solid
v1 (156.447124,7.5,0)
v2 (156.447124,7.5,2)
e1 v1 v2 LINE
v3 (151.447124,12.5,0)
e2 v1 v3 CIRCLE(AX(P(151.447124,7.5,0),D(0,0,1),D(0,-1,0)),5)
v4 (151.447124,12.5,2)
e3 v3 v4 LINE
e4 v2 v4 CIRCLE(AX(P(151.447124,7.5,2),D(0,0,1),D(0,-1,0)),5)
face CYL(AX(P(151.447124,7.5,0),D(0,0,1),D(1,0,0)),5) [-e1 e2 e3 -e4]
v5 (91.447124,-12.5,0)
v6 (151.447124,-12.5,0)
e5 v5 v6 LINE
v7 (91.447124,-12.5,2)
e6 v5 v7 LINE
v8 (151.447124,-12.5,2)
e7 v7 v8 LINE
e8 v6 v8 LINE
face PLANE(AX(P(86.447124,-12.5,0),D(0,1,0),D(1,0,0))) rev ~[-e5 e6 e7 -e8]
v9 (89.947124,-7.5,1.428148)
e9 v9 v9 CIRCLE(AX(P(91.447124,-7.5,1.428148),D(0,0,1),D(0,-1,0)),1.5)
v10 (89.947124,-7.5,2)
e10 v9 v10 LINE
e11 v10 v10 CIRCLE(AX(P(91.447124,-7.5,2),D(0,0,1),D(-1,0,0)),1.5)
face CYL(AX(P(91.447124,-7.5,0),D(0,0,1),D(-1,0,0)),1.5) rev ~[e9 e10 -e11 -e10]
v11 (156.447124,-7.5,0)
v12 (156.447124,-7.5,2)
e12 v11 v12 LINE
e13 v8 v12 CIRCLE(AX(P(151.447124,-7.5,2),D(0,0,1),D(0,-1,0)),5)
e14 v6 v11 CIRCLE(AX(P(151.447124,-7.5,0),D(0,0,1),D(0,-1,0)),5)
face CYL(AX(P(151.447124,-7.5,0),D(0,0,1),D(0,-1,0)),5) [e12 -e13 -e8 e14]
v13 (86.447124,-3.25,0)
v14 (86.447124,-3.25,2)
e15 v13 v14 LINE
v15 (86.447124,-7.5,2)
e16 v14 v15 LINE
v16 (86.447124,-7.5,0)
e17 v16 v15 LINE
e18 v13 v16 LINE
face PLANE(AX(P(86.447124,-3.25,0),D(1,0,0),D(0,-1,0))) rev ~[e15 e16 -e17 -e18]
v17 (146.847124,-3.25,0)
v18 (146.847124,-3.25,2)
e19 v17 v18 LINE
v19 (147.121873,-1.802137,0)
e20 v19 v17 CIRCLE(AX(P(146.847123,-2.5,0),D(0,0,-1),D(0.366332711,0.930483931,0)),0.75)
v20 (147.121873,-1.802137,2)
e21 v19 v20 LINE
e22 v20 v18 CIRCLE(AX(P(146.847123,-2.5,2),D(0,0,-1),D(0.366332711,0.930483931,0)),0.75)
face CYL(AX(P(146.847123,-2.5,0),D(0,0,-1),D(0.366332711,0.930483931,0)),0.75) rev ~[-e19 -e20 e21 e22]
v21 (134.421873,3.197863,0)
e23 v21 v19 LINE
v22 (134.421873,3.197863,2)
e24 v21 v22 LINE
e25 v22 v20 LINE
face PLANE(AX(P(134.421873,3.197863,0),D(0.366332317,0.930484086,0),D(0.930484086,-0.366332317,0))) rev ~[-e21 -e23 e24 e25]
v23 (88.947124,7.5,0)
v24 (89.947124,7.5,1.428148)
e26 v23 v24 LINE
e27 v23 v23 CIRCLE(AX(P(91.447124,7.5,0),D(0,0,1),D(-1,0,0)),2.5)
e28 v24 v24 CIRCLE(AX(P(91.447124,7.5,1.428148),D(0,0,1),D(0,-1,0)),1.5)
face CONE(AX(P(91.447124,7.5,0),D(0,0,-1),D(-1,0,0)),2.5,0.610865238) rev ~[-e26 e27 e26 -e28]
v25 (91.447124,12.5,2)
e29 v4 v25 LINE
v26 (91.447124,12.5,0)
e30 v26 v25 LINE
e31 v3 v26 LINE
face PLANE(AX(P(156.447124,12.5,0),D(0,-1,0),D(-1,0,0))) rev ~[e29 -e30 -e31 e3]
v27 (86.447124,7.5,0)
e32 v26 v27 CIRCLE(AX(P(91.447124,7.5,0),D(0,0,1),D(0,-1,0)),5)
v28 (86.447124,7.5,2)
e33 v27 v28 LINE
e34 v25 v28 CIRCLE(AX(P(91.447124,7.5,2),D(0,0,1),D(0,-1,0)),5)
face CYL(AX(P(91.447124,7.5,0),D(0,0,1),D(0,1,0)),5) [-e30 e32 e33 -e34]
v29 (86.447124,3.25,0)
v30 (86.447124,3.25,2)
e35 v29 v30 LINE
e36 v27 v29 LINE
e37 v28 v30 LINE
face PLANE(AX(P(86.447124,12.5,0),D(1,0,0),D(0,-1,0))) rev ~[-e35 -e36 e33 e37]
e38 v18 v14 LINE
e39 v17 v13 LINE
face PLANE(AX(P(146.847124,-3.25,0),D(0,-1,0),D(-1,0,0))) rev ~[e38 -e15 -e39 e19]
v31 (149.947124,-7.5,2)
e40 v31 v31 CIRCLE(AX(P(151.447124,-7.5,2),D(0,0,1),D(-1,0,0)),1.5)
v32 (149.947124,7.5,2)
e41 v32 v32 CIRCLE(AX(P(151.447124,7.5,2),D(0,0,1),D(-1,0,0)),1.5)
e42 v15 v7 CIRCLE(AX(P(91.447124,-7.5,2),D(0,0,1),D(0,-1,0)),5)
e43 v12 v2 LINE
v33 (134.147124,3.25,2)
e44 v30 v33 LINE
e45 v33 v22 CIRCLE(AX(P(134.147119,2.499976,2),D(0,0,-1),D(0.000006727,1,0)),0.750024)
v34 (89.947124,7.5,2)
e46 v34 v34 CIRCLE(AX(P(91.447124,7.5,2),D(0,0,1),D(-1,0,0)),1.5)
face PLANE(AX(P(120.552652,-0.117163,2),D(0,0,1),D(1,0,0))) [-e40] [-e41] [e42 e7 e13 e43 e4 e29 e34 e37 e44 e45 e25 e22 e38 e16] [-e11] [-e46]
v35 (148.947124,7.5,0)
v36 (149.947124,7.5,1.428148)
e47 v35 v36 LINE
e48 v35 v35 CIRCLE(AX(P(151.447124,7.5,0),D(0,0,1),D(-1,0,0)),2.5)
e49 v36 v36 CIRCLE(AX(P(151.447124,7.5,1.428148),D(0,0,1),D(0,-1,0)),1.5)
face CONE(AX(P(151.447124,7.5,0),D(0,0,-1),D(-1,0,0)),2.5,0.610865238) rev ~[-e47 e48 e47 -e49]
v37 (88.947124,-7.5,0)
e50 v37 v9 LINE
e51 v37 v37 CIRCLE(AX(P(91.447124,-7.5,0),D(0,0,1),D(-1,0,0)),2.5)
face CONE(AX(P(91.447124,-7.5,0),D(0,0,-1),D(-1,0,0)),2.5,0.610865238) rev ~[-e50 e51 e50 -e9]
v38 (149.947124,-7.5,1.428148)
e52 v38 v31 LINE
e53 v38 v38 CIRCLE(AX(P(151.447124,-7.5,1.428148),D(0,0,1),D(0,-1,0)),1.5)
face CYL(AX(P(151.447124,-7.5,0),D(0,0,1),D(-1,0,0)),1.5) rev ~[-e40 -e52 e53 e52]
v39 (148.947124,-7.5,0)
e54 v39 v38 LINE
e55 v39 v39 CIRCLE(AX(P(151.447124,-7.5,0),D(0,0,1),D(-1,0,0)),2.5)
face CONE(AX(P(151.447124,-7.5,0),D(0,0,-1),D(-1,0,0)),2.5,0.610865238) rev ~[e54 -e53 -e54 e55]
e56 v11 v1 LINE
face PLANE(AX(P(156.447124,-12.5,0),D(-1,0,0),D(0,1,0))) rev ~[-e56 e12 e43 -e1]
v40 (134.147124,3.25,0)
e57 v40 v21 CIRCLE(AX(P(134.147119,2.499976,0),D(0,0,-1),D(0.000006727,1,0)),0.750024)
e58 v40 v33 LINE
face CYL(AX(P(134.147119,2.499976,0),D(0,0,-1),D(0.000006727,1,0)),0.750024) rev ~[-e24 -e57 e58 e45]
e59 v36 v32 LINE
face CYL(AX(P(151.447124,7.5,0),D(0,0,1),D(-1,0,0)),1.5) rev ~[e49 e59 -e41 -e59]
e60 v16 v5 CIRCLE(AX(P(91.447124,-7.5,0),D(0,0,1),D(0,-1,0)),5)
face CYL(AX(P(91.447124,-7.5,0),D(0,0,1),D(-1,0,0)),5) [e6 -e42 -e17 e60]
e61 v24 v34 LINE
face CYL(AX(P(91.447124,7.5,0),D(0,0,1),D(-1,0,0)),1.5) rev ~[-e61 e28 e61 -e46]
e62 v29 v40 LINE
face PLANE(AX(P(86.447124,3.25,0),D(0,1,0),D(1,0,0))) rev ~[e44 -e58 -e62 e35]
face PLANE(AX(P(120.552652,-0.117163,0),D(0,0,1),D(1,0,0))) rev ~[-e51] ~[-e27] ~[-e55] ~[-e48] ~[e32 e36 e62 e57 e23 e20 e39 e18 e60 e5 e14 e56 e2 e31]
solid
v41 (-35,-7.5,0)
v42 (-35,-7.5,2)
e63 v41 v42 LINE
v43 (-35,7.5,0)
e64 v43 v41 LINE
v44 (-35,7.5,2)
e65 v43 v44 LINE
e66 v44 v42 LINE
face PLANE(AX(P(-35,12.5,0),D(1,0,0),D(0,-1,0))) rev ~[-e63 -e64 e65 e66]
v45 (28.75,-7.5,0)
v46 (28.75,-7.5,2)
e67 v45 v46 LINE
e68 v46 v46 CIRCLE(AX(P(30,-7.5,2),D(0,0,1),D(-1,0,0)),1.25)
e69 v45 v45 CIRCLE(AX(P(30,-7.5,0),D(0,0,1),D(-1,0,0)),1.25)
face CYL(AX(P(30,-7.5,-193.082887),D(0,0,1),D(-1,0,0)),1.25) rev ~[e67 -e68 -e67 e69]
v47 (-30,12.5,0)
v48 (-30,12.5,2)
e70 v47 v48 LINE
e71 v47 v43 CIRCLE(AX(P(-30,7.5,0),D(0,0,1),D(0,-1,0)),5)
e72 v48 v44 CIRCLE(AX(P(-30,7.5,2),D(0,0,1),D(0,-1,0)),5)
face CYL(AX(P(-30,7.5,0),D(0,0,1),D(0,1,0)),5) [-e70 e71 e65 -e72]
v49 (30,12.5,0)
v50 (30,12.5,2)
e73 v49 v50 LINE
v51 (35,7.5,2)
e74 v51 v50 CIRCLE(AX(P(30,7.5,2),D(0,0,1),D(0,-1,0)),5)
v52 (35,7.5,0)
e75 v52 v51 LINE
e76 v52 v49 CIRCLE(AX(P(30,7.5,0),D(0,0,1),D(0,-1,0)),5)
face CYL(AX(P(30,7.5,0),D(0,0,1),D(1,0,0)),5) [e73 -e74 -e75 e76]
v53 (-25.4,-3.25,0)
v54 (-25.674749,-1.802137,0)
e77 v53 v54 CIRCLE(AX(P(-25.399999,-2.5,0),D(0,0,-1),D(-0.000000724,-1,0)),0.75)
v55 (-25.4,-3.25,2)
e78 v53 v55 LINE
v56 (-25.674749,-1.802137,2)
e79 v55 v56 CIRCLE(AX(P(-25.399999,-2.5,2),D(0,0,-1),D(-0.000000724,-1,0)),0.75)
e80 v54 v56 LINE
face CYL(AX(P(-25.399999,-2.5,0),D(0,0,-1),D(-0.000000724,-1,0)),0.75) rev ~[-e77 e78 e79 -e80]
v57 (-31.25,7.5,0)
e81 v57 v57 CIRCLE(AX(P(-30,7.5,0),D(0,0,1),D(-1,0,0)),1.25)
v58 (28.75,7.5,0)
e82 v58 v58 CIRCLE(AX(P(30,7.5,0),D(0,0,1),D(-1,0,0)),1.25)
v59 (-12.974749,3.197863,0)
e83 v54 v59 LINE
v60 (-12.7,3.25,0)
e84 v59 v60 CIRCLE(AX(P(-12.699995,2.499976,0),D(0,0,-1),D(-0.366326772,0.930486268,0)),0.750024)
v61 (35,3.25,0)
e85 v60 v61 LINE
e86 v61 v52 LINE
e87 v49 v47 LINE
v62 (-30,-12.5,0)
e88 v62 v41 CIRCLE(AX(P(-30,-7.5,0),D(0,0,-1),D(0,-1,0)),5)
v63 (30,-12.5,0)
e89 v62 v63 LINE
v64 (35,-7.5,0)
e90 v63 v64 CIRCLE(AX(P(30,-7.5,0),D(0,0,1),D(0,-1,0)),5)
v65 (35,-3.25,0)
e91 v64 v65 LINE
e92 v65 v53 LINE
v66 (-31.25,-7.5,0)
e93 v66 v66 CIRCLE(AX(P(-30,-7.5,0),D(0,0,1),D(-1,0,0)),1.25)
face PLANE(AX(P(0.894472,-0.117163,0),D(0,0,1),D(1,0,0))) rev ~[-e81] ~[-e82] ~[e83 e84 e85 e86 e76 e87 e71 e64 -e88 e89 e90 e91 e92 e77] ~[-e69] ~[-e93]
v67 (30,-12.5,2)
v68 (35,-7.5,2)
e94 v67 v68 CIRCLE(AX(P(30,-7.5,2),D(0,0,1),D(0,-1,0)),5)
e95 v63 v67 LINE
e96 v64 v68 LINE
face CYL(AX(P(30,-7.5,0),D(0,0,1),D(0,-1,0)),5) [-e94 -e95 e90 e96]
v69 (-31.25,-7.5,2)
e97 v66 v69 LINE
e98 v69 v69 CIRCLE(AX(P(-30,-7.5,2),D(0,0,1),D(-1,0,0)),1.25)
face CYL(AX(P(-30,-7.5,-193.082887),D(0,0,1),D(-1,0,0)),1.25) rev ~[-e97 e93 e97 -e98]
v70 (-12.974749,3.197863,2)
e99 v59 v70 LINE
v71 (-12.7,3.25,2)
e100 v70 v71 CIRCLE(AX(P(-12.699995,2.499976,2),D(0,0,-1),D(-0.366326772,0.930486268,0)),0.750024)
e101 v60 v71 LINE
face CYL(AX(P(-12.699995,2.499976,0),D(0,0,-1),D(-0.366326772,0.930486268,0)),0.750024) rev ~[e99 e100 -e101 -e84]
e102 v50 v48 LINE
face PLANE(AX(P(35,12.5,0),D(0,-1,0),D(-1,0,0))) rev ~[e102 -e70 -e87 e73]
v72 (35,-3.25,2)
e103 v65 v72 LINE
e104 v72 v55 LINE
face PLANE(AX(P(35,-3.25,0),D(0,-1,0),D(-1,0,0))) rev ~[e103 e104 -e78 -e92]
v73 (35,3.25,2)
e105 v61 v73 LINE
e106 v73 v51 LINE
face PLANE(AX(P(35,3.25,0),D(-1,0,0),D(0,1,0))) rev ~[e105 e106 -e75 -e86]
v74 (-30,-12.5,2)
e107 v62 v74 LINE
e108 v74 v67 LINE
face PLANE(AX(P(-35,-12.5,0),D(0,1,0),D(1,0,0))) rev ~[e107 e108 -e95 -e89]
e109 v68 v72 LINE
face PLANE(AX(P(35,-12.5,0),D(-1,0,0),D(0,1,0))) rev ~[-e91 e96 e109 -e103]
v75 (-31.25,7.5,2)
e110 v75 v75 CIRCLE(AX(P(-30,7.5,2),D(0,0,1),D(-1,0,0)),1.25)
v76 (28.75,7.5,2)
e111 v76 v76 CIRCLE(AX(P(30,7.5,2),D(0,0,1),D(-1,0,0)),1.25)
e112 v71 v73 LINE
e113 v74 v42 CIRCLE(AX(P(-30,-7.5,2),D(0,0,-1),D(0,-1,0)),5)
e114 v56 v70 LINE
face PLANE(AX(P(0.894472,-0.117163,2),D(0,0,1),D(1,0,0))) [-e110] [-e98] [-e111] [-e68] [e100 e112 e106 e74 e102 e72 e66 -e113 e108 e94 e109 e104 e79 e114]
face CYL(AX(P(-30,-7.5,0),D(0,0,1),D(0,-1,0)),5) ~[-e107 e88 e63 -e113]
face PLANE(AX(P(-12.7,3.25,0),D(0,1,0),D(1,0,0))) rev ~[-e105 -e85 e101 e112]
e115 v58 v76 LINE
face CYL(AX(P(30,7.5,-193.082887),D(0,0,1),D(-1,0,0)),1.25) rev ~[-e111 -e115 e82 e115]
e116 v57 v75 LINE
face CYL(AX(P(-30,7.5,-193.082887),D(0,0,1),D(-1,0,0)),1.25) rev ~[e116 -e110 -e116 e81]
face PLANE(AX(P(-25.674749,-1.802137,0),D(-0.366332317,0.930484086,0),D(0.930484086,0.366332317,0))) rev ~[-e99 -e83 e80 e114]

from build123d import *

# Parameters (mm, degrees)
F1_DEPTH       = 2
F2_R           = 5
F3_D           = 2.5
F4_D           = 3
F4_CSINK_D     = 5
F4_CSINK_ANGLE = 70


with BuildPart() as f1:
    # F0 (on Top) → F1 (new body)
    with BuildSketch(Plane.XY):
        with BuildLine():
            Line((-35, -7.5), (-35, -12.5))
            Line((-35, -12.5), (30, -12.5))
            Line((30, -12.5), (35, -12.5))
            Line((35, -12.5), (35, -3.25))
            Line((35, -3.25), (25.4, -3.25))
            Line((25.4, -3.25), (-25.4, -3.25))
            ThreePointArc((-25.4, -3.25), (-26.13685, -2.639826), (-25.674749, -1.802137))
            Line((-25.674749, -1.802137), (-12.974749, 3.197863))
            ThreePointArc((-12.974749, 3.197863), (-12.839826, 3.23685), (-12.7, 3.25))
            Line((-12.7, 3.25), (12.7, 3.25))
            Line((12.7, 3.25), (35, 3.25))
            Line((35, 3.25), (35, 12.5))
            Line((35, 12.5), (-30, 12.5))
            Line((-30, 12.5), (-35, 12.5))
            Line((-35, 12.5), (-35, 7.5))
            Line((-35, 7.5), (-35, -7.5))
        make_face()
        with BuildLine():
            Line((86.447124, 3.25), (108.747124, 3.25))
            Line((108.747124, 3.25), (134.147124, 3.25))
            ThreePointArc((134.147124, 3.25), (134.28695, 3.23685), (134.421873, 3.197863))
            Line((134.421873, 3.197863), (147.121873, -1.802137))
            ThreePointArc((147.121873, -1.802137), (147.583974, -2.639826), (146.847124, -3.25))
            Line((146.847124, -3.25), (96.047124, -3.25))
            Line((96.047124, -3.25), (86.447124, -3.25))
            Line((86.447124, -3.25), (86.447124, -12.5))
            Line((86.447124, -12.5), (91.447124, -12.5))
            Line((91.447124, -12.5), (156.447124, -12.5))
            Line((156.447124, -12.5), (156.447124, -7.5))
            Line((156.447124, -7.5), (156.447124, 7.5))
            Line((156.447124, 7.5), (156.447124, 12.5))
            Line((156.447124, 12.5), (151.447124, 12.5))
            Line((151.447124, 12.5), (86.447124, 12.5))
            Line((86.447124, 12.5), (86.447124, 3.25))
        make_face()
    extrude(amount=F1_DEPTH)

    # F2
    f2_edges = [f1.edges().sort_by_distance(p)[0] for p in [
        (-35, 12.5, 1),
        (35, 12.5, 1),
        (-35, -12.5, 1),
        (35, -12.5, 1),
        (86.447124, 12.5, 1),
        (156.447124, 12.5, 1),
        (86.447124, -12.5, 1),
        (156.447124, -12.5, 1),
    ]]
    fillet(f2_edges, radius=F2_R)

    # F3 (through all)
    with Locations(Plane(origin=(0, 0, 0), x_dir=(1, 0, 0), z_dir=(0, 0, -1))):
        with Locations((-30, 7.5), (-30, -7.5), (30, -7.5), (30, 7.5)):
            Hole(F3_D / 2)

    # F4 (through all)
    with Locations(Plane(origin=(0, 0, 0), x_dir=(1, 0, 0), z_dir=(0, 0, -1))):
        with Locations((91.447124, 7.5), (151.447124, 7.5), (151.447124, -7.5), (91.447124, -7.5)):
            CounterSinkHole(F4_D / 2, F4_CSINK_D / 2, counter_sink_angle=F4_CSINK_ANGLE)


solid = f1.part
